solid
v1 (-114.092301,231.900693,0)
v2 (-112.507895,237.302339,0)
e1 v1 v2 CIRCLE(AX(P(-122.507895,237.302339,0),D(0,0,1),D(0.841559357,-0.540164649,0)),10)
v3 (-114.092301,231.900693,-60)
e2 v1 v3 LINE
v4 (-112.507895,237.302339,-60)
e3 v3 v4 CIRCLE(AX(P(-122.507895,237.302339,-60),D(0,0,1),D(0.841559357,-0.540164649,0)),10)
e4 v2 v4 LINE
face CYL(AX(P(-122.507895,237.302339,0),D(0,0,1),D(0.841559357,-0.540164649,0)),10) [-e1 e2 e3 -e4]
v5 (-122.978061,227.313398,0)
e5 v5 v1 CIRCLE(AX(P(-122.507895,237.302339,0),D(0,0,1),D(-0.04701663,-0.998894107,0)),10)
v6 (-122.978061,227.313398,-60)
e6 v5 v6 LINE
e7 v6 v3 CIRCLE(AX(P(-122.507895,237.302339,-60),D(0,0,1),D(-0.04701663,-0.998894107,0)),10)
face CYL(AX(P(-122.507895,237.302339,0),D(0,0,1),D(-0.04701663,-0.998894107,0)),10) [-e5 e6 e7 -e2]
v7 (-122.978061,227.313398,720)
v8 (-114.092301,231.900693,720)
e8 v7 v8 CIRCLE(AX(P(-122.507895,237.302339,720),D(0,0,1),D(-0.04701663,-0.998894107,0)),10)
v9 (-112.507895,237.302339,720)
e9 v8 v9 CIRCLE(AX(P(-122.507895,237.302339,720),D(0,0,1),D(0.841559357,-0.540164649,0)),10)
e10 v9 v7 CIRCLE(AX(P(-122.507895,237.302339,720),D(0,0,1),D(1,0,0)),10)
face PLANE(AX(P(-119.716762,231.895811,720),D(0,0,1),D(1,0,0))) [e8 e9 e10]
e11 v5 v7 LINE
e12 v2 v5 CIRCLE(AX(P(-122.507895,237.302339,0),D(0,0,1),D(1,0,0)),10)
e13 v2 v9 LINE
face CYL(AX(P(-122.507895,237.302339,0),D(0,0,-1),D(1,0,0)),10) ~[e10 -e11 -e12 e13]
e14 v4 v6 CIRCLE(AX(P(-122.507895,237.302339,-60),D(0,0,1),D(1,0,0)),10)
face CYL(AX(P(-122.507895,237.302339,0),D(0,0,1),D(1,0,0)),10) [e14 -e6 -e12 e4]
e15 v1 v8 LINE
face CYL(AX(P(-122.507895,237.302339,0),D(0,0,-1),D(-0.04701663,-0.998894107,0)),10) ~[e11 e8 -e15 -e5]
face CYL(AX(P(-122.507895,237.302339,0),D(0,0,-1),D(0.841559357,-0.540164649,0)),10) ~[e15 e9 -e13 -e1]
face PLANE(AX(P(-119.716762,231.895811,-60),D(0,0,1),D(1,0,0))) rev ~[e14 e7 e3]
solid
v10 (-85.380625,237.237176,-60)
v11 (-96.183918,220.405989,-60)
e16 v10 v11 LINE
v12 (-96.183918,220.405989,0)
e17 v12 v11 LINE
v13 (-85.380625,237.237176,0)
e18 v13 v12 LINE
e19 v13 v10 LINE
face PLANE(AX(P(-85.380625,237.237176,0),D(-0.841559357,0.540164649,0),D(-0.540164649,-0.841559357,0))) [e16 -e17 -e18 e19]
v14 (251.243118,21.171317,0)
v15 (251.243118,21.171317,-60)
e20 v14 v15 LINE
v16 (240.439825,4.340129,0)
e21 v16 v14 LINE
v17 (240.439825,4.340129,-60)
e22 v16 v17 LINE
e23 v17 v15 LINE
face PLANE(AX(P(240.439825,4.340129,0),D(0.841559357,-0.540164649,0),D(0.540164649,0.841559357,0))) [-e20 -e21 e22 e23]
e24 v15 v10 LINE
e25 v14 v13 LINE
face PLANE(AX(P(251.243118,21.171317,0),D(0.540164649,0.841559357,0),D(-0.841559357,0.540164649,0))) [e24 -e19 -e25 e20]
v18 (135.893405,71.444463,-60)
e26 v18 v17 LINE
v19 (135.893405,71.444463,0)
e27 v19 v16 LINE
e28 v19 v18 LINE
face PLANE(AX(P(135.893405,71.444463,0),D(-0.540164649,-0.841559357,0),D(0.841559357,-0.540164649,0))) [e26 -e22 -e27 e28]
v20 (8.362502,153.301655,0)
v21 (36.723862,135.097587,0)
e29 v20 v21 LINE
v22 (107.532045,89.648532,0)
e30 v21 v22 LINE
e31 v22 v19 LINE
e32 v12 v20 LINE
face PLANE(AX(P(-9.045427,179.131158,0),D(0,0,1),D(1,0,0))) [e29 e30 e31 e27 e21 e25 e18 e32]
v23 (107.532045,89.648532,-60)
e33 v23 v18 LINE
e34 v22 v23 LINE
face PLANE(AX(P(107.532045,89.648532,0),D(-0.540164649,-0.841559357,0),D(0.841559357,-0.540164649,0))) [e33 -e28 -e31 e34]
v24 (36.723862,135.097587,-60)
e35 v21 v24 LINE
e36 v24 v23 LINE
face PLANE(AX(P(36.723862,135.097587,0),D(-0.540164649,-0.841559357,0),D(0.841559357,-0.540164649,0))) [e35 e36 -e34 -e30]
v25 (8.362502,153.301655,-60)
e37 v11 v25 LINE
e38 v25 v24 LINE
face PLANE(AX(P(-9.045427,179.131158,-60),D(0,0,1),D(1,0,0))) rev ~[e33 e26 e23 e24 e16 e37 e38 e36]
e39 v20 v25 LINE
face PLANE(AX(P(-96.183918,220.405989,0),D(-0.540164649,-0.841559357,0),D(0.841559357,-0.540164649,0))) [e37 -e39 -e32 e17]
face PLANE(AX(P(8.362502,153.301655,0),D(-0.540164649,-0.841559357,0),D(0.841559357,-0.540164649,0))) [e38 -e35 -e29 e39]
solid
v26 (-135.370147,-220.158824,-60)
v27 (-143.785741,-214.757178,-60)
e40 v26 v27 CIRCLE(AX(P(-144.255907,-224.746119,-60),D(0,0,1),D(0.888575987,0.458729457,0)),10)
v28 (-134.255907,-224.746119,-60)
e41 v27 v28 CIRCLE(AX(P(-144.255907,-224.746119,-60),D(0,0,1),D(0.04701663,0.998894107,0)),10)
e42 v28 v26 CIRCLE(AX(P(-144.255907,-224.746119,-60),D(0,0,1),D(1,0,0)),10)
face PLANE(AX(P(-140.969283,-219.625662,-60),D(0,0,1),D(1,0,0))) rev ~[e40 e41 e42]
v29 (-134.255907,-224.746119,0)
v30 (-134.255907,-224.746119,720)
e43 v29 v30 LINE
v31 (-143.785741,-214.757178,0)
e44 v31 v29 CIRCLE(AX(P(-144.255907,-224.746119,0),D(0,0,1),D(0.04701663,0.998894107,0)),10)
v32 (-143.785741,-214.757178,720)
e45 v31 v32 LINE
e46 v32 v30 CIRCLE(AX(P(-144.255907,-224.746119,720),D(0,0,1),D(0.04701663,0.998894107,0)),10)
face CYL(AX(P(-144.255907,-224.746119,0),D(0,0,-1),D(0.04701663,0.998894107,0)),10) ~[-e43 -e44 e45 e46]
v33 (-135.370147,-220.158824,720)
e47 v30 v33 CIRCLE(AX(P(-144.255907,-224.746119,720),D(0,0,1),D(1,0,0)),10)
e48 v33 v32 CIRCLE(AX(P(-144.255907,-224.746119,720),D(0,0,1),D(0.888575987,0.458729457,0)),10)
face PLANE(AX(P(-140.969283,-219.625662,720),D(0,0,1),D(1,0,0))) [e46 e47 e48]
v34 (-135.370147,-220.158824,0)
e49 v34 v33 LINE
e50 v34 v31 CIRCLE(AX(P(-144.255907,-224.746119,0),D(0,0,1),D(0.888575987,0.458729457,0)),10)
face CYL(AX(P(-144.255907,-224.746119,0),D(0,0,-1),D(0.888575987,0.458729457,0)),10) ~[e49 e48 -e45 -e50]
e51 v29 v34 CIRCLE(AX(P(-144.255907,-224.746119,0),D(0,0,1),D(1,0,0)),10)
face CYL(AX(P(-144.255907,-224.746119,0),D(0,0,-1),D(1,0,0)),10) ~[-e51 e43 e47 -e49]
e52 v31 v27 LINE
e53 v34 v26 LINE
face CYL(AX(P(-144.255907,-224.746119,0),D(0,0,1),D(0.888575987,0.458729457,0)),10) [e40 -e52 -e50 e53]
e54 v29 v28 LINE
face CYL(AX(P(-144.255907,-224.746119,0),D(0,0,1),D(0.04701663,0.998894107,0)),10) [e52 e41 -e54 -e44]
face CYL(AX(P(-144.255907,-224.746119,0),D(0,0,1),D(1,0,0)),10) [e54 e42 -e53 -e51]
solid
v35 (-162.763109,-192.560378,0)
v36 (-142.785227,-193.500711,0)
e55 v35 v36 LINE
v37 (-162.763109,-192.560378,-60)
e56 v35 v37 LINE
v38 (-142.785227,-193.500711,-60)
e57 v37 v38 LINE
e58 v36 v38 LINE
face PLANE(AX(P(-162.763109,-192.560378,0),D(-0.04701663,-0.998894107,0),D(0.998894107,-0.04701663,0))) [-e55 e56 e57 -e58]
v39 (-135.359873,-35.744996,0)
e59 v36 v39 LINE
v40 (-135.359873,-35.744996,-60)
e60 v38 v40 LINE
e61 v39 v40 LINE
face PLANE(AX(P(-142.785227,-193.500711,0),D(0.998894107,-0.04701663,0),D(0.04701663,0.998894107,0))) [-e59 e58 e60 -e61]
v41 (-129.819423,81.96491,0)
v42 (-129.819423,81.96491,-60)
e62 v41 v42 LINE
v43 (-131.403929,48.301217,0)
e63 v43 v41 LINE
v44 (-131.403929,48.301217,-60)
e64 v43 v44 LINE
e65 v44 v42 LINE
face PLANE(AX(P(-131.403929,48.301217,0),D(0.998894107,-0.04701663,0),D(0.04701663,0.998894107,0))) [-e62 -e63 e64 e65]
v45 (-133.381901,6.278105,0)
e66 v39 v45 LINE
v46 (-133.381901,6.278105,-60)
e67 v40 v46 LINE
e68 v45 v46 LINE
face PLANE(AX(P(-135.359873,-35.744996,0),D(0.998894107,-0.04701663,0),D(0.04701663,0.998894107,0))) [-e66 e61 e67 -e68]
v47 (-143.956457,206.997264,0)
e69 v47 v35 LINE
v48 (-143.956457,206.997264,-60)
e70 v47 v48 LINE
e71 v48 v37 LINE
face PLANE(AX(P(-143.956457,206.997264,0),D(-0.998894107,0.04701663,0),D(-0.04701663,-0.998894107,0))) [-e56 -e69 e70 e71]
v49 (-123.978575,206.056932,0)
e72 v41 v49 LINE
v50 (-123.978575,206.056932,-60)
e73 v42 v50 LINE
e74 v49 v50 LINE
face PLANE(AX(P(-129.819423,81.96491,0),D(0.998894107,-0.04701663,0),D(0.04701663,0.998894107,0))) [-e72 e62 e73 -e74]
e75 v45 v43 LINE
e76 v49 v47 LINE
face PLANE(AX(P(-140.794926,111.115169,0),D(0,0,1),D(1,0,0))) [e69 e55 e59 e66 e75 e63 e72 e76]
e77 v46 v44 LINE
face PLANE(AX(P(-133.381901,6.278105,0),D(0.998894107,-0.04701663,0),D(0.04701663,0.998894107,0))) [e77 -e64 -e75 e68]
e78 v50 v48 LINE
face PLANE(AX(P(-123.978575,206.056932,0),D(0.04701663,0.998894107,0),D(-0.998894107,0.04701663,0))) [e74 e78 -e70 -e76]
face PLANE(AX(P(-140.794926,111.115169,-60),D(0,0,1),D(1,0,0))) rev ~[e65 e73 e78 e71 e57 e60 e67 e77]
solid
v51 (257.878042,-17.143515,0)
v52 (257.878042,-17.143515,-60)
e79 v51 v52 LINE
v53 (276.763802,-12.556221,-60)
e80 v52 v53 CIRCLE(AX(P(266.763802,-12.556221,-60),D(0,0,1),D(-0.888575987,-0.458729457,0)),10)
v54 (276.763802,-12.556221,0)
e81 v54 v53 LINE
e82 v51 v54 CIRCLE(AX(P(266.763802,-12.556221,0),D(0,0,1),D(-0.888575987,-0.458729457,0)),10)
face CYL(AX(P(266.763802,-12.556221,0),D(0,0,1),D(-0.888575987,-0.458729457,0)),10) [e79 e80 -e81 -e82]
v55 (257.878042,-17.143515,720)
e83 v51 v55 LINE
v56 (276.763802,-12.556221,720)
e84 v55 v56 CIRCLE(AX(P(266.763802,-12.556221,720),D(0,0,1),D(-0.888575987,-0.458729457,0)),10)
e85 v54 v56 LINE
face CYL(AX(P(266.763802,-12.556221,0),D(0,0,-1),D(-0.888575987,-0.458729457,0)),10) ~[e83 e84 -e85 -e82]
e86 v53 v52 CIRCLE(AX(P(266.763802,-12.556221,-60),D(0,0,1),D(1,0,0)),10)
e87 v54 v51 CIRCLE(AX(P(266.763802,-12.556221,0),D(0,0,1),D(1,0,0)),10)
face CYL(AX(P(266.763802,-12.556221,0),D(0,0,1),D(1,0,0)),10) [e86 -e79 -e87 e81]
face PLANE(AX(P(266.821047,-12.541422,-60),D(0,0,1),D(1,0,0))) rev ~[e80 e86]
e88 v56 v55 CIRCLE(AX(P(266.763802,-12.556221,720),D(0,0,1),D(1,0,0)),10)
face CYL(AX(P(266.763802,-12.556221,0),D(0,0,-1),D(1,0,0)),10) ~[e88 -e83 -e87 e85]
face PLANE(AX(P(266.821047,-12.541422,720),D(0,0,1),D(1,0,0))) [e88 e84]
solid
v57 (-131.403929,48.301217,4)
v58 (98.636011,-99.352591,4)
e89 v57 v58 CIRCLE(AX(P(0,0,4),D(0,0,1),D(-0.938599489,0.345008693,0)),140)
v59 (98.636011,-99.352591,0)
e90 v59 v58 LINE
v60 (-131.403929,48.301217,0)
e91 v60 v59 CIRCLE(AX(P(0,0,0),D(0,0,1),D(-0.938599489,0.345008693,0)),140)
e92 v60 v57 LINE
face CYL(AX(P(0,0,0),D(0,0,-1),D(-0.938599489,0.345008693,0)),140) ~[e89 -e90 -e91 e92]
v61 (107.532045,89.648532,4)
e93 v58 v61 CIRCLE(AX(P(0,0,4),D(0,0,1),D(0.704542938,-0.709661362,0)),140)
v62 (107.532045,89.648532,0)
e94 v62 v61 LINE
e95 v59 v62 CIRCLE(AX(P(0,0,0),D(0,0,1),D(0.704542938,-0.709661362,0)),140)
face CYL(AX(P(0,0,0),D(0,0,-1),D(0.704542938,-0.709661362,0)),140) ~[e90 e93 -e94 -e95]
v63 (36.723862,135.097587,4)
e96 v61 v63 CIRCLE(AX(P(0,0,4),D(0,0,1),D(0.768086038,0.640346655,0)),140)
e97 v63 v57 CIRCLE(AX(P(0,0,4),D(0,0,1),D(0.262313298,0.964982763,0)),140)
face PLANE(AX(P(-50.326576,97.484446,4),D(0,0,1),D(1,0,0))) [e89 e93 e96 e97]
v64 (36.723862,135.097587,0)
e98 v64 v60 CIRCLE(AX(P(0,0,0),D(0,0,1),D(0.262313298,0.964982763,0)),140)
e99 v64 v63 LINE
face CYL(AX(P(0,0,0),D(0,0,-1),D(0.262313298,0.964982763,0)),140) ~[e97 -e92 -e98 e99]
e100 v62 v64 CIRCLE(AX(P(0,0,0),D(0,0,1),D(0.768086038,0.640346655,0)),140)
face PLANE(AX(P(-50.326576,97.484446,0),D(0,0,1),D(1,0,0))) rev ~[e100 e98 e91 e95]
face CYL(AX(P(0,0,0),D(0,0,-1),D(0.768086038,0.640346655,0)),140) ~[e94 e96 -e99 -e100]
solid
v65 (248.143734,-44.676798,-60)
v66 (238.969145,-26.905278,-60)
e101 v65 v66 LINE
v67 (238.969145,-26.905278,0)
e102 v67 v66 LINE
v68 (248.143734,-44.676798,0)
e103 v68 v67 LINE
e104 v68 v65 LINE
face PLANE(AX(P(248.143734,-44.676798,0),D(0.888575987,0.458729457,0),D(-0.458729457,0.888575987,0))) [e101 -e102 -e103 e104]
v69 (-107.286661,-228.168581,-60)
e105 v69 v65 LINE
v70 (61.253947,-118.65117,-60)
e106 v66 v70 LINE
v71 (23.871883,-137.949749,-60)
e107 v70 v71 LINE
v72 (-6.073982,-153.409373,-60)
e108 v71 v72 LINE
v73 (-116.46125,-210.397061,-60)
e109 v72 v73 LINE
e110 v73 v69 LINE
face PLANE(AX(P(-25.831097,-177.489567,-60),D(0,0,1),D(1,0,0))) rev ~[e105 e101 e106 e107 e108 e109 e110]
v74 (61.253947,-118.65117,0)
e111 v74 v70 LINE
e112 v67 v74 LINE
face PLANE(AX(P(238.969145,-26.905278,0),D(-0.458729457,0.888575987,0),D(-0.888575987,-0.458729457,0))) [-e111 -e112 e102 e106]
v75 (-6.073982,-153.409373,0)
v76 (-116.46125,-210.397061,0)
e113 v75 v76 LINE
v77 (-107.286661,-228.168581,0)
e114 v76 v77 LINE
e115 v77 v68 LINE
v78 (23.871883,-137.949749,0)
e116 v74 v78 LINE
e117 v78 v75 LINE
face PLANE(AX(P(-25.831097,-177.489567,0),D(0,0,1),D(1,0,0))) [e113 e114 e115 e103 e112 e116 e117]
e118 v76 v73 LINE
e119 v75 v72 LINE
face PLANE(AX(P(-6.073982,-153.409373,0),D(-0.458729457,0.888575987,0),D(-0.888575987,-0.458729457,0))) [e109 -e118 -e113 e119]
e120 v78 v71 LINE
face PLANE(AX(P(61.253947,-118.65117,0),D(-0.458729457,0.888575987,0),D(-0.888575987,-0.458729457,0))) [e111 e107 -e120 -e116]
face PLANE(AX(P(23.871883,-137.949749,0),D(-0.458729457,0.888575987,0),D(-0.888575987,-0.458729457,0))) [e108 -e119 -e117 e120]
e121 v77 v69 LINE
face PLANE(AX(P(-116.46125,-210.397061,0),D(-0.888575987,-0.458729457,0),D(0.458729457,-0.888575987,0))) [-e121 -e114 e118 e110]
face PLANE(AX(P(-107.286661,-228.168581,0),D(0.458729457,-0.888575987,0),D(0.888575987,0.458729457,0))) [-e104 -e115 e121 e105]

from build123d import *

# Parameters (mm, degrees)
F1_DEPTH      = 720
F1_DEPTH_BACK = 60
F2_DEPTH      = 60
F3_DEPTH      = 4


with BuildPart() as f1:
    # F0 (on Top) → F1 (new body, two sides)
    with BuildSketch(Plane.XY) as f1_sk:
        with BuildLine():
            ThreePointArc((276.7638016146, -12.5562208278), (269.5784120932, -2.9604942866), (258.3482080438, -7.1545743333))
            Line((258.3482080438, -7.1545743333), (266.7638016146, -12.5562208278))
            Line((266.7638016146, -12.5562208278), (257.8780417427, -17.1435154008))
            ThreePointArc((257.8780417427, -17.1435154008), (269.124140709, -22.2736690196), (276.7638016146, -12.5562208278))
        make_face()
        with BuildLine():
            Line((266.7638016146, -12.5562208278), (258.3482080438, -7.1545743333))
            ThreePointArc((258.3482080438, -7.1545743333), (256.7748605471, -12.0860545267), (257.8780417427, -17.1435154008))
            Line((257.8780417427, -17.1435154008), (266.7638016146, -12.5562208278))
        make_face()
    extrude(amount=F1_DEPTH)
    extrude(f1_sk.sketch, amount=-F1_DEPTH_BACK)


with BuildPart() as f1b:
    # F0 (on Top) → F1, piece 2 (new body, two sides)
    with BuildSketch(Plane.XY) as f1_2_sk:
        with BuildLine():
            Line((-144.2559070197, -224.7461185944), (-135.3701471478, -220.1588240214))
            ThreePointArc((-135.3701471478, -220.1588240214), (-138.8542605252, -216.3305250236), (-143.7857407186, -214.7571775269))
            Line((-143.7857407186, -214.7571775269), (-144.2559070197, -224.7461185944))
        make_face()
        with BuildLine():
            ThreePointArc((-134.2559070197, -224.7461185944), (-134.538458828, -222.3857795), (-135.3701471478, -220.1588240214))
            Line((-135.3701471478, -220.1588240214), (-144.2559070197, -224.7461185944))
            Line((-144.2559070197, -224.7461185944), (-143.7857407186, -214.7571775269))
            ThreePointArc((-143.7857407186, -214.7571775269), (-151.4912944665, -231.6489563076), (-134.2559070197, -224.7461185944))
        make_face()
    extrude(amount=F1_DEPTH)
    extrude(f1_2_sk.sketch, amount=-F1_DEPTH_BACK)


with BuildPart() as f1c:
    # F0 (on Top) → F1, piece 3 (new body, two sides)
    with BuildSketch(Plane.XY) as f1_3_sk:
        with BuildLine():
            ThreePointArc((-122.978060896, 227.3133983548), (-117.9206000219, 228.4165795504), (-114.0923010241, 231.9006929277))
            Line((-114.0923010241, 231.9006929277), (-122.5078945948, 237.3023394222))
            Line((-122.5078945948, 237.3023394223), (-122.978060896, 227.3133983548))
        make_face()
        with BuildLine():
            Line((-122.5078945948, 237.3023394222), (-114.0923010241, 231.9006929277))
            ThreePointArc((-114.0923010241, 231.9006929277), (-112.9121680536, 234.4877289437), (-112.5078945948, 237.3023394223))
            ThreePointArc((-112.5078945948, 237.3023394223), (-129.410732308, 244.5377268691), (-122.978060896, 227.3133983548))
            Line((-122.978060896, 227.3133983548), (-122.5078945948, 237.3023394223))
        make_face()
    extrude(amount=F1_DEPTH)
    extrude(f1_3_sk.sketch, amount=-F1_DEPTH_BACK)


with BuildPart() as f2:
    # F0 (on Top) → F2 (new body)
    with BuildSketch(Plane.XY):
        with BuildLine():
            ThreePointArc((70.4285357503, -136.4226898127), (33.2793326675, -149.8793346692), (-6.0739824516, -153.4093728585))
            Line((-6.0739824516, -153.4093728585), (-116.4612501404, -210.3970611702))
            Line((-116.4612501404, -210.3970611702), (-107.2866609945, -228.168580914))
            Line((-107.2866609945, -228.168580914), (70.4285357503, -136.4226898127))
        make_face()
        with BuildLine():
            Line((238.9691447353, -26.905278252), (128.5818770465, -83.8929665637))
            ThreePointArc((128.5818770465, -83.8929665637), (102.9132112828, -113.9306801837), (70.4285357503, -136.4226898127))
            Line((70.4285357503, -136.4226898127), (248.1437338812, -44.6767979958))
            Line((248.1437338812, -44.6767979958), (238.9691447353, -26.905278252))
        make_face()
        with BuildLine():
            Line((98.6360113438, -99.3525906365), (61.2539473835, -118.6511696667))
            Line((61.2539473835, -118.6511696667), (23.871883251, -137.9497487857))
            ThreePointArc((23.871883251, -137.9497487857), (64.2221240214, -124.4006382065), (98.6360113438, -99.3525906365))
        make_face()
        with BuildLine():
            Line((128.5818770465, -83.8929665637), (98.6360113438, -99.3525906365))
            ThreePointArc((98.6360113438, -99.3525906365), (64.2221240214, -124.4006382065), (23.871883251, -137.9497487857))
            Line((23.871883251, -137.9497487857), (-6.0739824516, -153.4093728585))
            ThreePointArc((-6.0739824516, -153.4093728585), (33.2793326675, -149.8793346692), (70.4285357503, -136.4226898127))
            ThreePointArc((70.4285357503, -136.4226898127), (102.9132112828, -113.9306801837), (128.5818770465, -83.8929665637))
        make_face()
    extrude(amount=-F2_DEPTH)


with BuildPart() as f2b:
    # F0 (on Top) → F2, piece 2 (new body)
    with BuildSketch(Plane.XY):
        with BuildLine():
            ThreePointArc((-153.3597829644, 7.218442544), (-146.4389778477, 46.1189192262), (-129.8194228483, 81.9649095345))
            Line((-129.8194228483, 81.9649095345), (-123.9785747848, 206.0569317632))
            Line((-123.9785747848, 206.0569317632), (-143.9564569197, 206.9972643655))
            Line((-143.9564569197, 206.9972643655), (-153.3597829644, 7.218442544))
        make_face()
        with BuildLine():
            Line((-135.3598730949, -35.7449962334), (-133.3819010578, 6.2781050924))
            Line((-133.3819010578, 6.2781050924), (-131.4039285197, 48.3012170613))
            ThreePointArc((-131.4039285197, 48.3012170613), (-139.8451749445, 6.5823282158), (-135.3598730949, -35.7449962334))
        make_face()
        with BuildLine():
            Line((-142.7852268298, -193.5007109354), (-136.9443787663, -69.4086887067))
            ThreePointArc((-136.9443787663, -69.4086887067), (-150.1234688197, -32.1601158765), (-153.3597829644, 7.218442544))
            Line((-153.3597829644, 7.218442544), (-162.7631089647, -192.5603783331))
            Line((-162.7631089647, -192.5603783331), (-142.7852268298, -193.5007109354))
        make_face()
        with BuildLine():
            Line((-136.9443787663, -69.4086887067), (-135.3598730949, -35.7449962334))
            ThreePointArc((-135.3598730949, -35.7449962334), (-139.8451749445, 6.5823282158), (-131.4039285197, 48.3012170613))
            Line((-131.4039285197, 48.3012170613), (-129.8194228483, 81.9649095345))
            ThreePointArc((-129.8194228483, 81.9649095345), (-146.4389778477, 46.1189192262), (-153.3597829644, 7.218442544))
            ThreePointArc((-153.3597829644, 7.218442544), (-150.1234688197, -32.1601158765), (-136.9443787663, -69.4086887067))
        make_face()
    extrude(amount=-F2_DEPTH)


with BuildPart() as f2c:
    # F0 (on Top) → F2, piece 3 (new body)
    with BuildSketch(Plane.XY):
        with BuildLine():
            Line((-96.1839179055, 220.4059891874), (8.3625017198, 153.3016552704))
            ThreePointArc((8.3625017198, 153.3016552704), (47.2102590205, 146.0907950108), (82.9312495473, 129.2042444821))
            Line((82.9312495473, 129.2042444821), (-85.3806249165, 237.237176329))
            Line((-85.3806249165, 237.237176329), (-96.1839179055, 220.4059891874))
        make_face()
        with BuildLine():
            ThreePointArc((82.9312495473, 129.2042444821), (113.1596459525, 103.7604137981), (135.8934052999, 71.444463324))
            Line((135.8934052999, 71.444463324), (240.4398249252, 4.340129407))
            Line((240.4398249252, 4.340129407), (251.2431179142, 21.1713165485))
            Line((251.2431179142, 21.1713165485), (82.9312495473, 129.2042444821))
        make_face()
        with BuildLine():
            Line((36.7238617511, 135.09758687), (72.1279579672, 112.3730564362))
            Line((72.1279579672, 112.3730564362), (107.5320452686, 89.6485317244))
            ThreePointArc((107.5320452686, 89.6485317244), (75.6230509232, 117.8183099907), (36.7238617511, 135.09758687))
        make_face()
        with BuildLine():
            Line((8.3625017198, 153.3016552704), (36.7238617511, 135.09758687))
            ThreePointArc((36.7238617511, 135.09758687), (75.6230509232, 117.8183099907), (107.5320452686, 89.6485317244))
            Line((107.5320452686, 89.6485317244), (135.8934052999, 71.444463324))
            ThreePointArc((135.8934052999, 71.444463324), (113.1596459525, 103.7604137981), (82.9312495473, 129.2042444821))
            ThreePointArc((82.9312495473, 129.2042444821), (47.2102590205, 146.0907950108), (8.3625017198, 153.3016552704))
        make_face()
    extrude(amount=-F2_DEPTH)


with BuildPart() as f3:
    # F0 (on Top) → F3 (new body)
    with BuildSketch(Plane.XY):
        with BuildLine():
            ThreePointArc((-133.3819010578, 6.2781050924), (-61.2539473111, 118.6511697041), (72.1279579672, 112.3730564362))
            Line((72.1279579672, 112.3730564362), (36.7238617511, 135.09758687))
            ThreePointArc((36.7238617511, 135.09758687), (-64.2221240214, 124.4006382065), (-131.4039285197, 48.3012170613))
            Line((-131.4039285197, 48.3012170613), (-133.3819010578, 6.2781050924))
        make_face()
        with BuildLine():
            ThreePointArc((61.2539473835, -118.6511696667), (114.0380625144, -69.4655773121), (133.5295702582, 0))
            ThreePointArc((133.5295702582, 0), (117.1779871911, 64.0270681133), (72.1279579672, 112.3730564362))
            ThreePointArc((72.1279579672, 112.3730564362), (-61.2539473111, 118.6511697041), (-133.3819010578, 6.2781050924))
            ThreePointArc((-133.3819010578, 6.2781050924), (-72.1279512275, -112.3730607622), (61.2539473835, -118.6511696667))
        make_face()
        with BuildLine():
            Line((36.7238617511, 135.09758687), (72.1279579672, 112.3730564362))
            Line((72.1279579672, 112.3730564362), (107.5320452686, 89.6485317244))
            ThreePointArc((107.5320452686, 89.6485317244), (75.6230509232, 117.8183099907), (36.7238617511, 135.09758687))
        make_face()
        with BuildLine():
            ThreePointArc((72.1279579672, 112.3730564362), (117.1779871911, 64.0270681133), (133.5295702582, 0))
            ThreePointArc((133.5295702582, 0), (114.0380625144, -69.4655773121), (61.2539473835, -118.6511696667))
            Line((61.2539473835, -118.6511696667), (98.6360113438, -99.3525906365))
            ThreePointArc((98.6360113438, -99.3525906365), (129.245970127, -53.809657181), (140, 0))
            ThreePointArc((140, 0), (131.6329866287, 47.6734394731), (107.5320452686, 89.6485317244))
            Line((107.5320452686, 89.6485317244), (72.1279579672, 112.3730564362))
        make_face()
        with BuildLine():
            Line((23.871883251, -137.9497487857), (61.2539473835, -118.6511696667))
            ThreePointArc((61.2539473835, -118.6511696667), (-72.1279512275, -112.3730607622), (-133.3819010578, 6.2781050924))
            Line((-133.3819010578, 6.2781050924), (-135.3598730949, -35.7449962334))
            ThreePointArc((-135.3598730949, -35.7449962334), (-75.6230509232, -117.8183099907), (23.871883251, -137.9497487857))
        make_face()
        with BuildLine():
            Line((-135.3598730949, -35.7449962334), (-133.3819010578, 6.2781050924))
            Line((-133.3819010578, 6.2781050924), (-131.4039285197, 48.3012170613))
            ThreePointArc((-131.4039285197, 48.3012170613), (-139.8451749445, 6.5823282158), (-135.3598730949, -35.7449962334))
        make_face()
        with BuildLine():
            Line((98.6360113438, -99.3525906365), (61.2539473835, -118.6511696667))
            Line((61.2539473835, -118.6511696667), (23.871883251, -137.9497487857))
            ThreePointArc((23.871883251, -137.9497487857), (64.2221240214, -124.4006382065), (98.6360113438, -99.3525906365))
        make_face()
    extrude(amount=F3_DEPTH)


solid = Compound([f1.part, f1b.part, f1c.part, f2.part, f2b.part, f2c.part, f3.part])
